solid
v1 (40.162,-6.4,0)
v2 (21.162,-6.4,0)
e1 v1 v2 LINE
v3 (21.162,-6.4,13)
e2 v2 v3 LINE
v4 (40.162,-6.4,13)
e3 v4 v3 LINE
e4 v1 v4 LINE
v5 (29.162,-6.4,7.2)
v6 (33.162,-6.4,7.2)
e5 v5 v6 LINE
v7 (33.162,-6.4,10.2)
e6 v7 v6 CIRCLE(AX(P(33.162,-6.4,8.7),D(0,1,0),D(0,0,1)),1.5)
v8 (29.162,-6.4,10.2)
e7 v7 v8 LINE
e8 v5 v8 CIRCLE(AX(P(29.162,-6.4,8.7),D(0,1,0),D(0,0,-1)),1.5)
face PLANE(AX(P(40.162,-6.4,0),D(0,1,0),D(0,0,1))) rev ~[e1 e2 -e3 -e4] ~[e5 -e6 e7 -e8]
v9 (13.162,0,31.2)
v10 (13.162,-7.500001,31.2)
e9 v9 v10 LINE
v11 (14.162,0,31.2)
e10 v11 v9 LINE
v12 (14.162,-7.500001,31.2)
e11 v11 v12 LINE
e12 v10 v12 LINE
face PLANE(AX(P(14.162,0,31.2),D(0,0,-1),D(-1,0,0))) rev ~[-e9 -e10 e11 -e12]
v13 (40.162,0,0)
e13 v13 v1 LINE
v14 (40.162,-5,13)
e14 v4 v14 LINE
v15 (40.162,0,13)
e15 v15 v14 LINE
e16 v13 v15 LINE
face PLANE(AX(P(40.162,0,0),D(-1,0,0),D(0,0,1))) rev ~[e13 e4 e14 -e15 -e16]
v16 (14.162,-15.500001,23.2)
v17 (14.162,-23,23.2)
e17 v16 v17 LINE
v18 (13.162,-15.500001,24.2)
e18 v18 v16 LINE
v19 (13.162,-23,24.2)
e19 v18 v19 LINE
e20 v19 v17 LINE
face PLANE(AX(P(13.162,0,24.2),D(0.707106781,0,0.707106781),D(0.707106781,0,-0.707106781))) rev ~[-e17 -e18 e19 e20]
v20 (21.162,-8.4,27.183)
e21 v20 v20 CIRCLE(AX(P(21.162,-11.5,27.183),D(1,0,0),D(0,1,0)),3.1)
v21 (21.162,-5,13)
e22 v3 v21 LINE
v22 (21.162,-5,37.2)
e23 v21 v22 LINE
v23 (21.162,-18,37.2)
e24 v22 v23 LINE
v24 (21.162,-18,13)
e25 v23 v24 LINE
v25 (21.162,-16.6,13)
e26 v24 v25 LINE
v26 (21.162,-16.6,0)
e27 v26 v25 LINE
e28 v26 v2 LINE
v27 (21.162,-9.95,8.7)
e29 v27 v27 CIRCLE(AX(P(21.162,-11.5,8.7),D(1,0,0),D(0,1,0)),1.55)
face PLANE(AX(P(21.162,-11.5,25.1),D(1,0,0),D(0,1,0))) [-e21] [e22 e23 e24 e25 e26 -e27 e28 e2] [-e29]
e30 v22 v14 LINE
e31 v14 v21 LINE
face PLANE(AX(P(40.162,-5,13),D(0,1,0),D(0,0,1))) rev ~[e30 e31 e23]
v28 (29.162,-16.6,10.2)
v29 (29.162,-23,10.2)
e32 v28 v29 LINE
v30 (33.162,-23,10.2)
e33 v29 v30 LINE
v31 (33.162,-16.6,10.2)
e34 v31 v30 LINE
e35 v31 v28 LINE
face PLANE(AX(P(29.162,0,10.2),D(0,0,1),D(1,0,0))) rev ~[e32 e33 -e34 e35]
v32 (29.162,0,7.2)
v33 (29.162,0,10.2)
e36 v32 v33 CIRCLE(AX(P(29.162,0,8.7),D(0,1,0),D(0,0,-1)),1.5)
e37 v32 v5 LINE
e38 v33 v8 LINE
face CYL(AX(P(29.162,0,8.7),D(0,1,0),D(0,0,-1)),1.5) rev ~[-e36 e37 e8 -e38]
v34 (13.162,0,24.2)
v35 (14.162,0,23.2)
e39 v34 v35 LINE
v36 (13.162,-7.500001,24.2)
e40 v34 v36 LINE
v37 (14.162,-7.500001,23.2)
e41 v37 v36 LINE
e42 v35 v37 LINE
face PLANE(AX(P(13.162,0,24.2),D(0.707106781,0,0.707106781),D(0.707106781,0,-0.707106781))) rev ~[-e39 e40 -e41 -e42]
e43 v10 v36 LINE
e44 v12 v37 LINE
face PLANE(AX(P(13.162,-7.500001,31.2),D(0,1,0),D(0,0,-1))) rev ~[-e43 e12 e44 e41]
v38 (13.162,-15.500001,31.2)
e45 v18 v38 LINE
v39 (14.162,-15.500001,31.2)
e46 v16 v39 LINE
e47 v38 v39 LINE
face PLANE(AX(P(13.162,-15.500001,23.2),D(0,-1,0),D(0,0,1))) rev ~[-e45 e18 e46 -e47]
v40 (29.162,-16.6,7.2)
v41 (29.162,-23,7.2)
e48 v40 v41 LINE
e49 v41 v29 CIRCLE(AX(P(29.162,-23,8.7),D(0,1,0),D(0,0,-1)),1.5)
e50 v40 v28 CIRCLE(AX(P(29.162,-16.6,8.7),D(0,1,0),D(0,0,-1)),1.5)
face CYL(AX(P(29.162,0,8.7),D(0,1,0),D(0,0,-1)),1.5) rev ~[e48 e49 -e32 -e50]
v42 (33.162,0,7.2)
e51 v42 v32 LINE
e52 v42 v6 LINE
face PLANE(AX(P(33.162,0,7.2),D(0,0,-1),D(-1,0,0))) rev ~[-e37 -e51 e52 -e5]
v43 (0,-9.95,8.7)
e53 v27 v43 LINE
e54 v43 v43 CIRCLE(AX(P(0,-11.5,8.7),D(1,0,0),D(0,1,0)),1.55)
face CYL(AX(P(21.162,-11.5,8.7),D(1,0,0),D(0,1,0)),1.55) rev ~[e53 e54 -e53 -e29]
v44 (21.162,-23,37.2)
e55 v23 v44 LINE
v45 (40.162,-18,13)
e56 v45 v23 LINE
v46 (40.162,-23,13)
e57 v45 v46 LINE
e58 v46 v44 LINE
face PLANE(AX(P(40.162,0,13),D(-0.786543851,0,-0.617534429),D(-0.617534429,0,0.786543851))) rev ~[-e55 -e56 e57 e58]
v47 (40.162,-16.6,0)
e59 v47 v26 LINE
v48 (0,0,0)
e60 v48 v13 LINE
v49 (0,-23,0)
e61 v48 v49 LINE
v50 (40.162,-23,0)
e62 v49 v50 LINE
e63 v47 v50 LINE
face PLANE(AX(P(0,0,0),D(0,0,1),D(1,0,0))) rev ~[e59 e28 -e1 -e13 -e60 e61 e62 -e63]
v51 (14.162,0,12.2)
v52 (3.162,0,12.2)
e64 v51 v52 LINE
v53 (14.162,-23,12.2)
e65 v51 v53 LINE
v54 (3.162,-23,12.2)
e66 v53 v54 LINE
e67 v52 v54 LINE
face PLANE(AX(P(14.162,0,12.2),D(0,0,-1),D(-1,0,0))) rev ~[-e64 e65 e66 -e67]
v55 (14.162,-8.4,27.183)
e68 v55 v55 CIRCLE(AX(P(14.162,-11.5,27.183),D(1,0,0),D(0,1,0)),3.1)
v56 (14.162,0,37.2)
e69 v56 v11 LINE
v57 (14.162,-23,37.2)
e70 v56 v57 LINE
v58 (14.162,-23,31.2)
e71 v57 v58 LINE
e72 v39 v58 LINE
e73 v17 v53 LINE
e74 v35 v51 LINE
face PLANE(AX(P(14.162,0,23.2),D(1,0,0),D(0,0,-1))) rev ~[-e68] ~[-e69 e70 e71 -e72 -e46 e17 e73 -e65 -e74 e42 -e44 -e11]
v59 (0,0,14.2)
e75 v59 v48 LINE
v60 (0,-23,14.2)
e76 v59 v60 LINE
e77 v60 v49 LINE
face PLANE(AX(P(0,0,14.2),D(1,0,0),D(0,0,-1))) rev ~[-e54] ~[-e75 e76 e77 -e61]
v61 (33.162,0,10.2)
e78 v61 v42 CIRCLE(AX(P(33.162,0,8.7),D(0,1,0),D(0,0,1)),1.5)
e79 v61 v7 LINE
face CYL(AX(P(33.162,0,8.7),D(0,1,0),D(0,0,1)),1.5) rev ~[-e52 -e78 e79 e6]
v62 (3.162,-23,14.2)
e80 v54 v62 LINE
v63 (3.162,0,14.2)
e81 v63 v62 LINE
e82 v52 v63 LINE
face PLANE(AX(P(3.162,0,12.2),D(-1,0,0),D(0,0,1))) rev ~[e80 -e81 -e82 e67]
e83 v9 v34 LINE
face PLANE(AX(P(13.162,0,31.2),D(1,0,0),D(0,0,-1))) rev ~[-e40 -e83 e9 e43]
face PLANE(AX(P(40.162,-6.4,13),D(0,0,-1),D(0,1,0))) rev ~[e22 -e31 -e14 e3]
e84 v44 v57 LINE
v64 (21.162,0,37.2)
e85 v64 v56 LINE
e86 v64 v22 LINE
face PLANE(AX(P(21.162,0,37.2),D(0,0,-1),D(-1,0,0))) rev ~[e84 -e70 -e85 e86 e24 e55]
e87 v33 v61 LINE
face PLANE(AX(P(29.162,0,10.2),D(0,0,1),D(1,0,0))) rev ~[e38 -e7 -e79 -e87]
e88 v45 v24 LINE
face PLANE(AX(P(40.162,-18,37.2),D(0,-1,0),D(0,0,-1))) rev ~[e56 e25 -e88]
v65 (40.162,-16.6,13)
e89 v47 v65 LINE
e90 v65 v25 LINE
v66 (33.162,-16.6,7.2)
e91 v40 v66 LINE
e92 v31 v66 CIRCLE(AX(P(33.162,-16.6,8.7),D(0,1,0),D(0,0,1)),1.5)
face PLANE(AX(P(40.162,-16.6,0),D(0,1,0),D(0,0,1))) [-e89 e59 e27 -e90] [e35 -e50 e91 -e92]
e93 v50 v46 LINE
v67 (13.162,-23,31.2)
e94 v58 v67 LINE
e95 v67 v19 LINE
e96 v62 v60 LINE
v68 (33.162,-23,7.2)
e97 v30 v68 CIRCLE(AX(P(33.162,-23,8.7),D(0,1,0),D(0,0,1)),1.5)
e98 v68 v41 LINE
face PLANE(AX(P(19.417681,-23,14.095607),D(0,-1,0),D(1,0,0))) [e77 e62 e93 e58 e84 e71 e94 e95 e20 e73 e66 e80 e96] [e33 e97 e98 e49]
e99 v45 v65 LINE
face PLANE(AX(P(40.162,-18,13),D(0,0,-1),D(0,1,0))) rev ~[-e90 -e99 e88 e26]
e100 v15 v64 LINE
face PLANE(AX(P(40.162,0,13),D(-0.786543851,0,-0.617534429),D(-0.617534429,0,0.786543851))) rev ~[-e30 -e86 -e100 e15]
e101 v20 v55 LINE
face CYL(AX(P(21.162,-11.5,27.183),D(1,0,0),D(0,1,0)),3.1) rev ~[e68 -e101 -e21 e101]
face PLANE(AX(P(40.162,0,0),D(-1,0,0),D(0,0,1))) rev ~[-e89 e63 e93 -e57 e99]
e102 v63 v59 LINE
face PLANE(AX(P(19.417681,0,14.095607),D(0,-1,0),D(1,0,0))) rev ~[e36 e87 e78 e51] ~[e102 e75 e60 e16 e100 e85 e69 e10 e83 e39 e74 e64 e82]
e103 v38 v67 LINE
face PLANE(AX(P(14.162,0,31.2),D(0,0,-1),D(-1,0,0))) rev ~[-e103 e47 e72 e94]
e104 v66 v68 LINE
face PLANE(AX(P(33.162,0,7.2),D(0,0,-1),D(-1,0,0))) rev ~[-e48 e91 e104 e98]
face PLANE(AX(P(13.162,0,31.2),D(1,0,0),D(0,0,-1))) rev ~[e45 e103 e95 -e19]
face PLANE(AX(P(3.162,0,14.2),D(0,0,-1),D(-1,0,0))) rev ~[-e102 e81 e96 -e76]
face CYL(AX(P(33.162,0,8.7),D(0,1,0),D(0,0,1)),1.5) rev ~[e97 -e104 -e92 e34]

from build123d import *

# Parameters (mm, degrees)
F1_DEPTH = 23
F2_W     = 10.2
F2_H     = 13
F3_DEPTH = 19
F4_R     = 3.1
F5_DEPTH = 8
F7_DEPTH = 1
F8_R     = 1.55
F9_DEPTH = 21.162


with BuildPart() as f1:
    # F0 (on Front) → F1 (new body)
    with BuildSketch(Plane.XZ):
        Polygon((0, 14.2), (0, 0), (40.162, 0), (40.162, 13), (21.162, 37.2), (14.162, 37.2), (14.162, 31.2), (13.162, 31.2), (13.162, 24.2), (14.162, 23.2), (14.162, 12.2), (3.162, 12.2), (3.162, 14.2), align=None)
        with BuildLine():
            ThreePointArc((33.162, 10.2), (34.662, 8.7), (33.162, 7.2))
            Line((33.162, 7.2), (29.162, 7.2))
            ThreePointArc((29.162, 7.2), (27.662, 8.7), (29.162, 10.2))
            Line((29.162, 10.2), (33.162, 10.2))
        make_face(mode=Mode.SUBTRACT)
    extrude(amount=F1_DEPTH)

    # F2 (on face) → F3 (cut)
    with BuildSketch(Plane.YZ.offset(40.162)):
        Polygon((-18, 13), (-16.6, 13), (-6.4, 13), (-5, 13), (-5, 37.2), (-18, 37.2), align=None)
        with Locations((-11.5, 6.5)):
            Rectangle(F2_W, F2_H)
    extrude(amount=-F3_DEPTH, mode=Mode.SUBTRACT)

    # F4 (on face) → F5 (cut, through all)
    with BuildSketch(Plane.YZ.offset(21.162)):
        with Locations((-11.5, 27.183)):
            Circle(F4_R)
    extrude(amount=-F5_DEPTH, mode=Mode.SUBTRACT)

    # F6 (on face) → F7 (cut, through all)
    with BuildSketch(Plane(origin=(13.162, 0, 0), x_dir=(0, -1, 0), z_dir=(-1, 0, 0))):
        with BuildLine():
            Line((15.5000005274, 31.2), (7.5000005274, 31.2))
            Line((7.5000005274, 31.2), (7.5000005274, 24.2))
            Line((7.5000005274, 24.2), (10.6563703419, 24.2))
            ThreePointArc((10.6563703419, 24.2), (9.0276274613, 25.3128732583), (8.4, 27.183))
            ThreePointArc((8.4, 27.183), (13.3701267417, 29.6553725387), (12.3436296581, 24.2))
            Line((12.3436296581, 24.2), (15.5000005274, 24.2))
            Line((15.5000005274, 24.2), (15.5000005274, 31.2))
        make_face()
        with BuildLine():
            Line((10.6563703419, 24.2), (7.5000005274, 24.2))
            Line((7.5000005274, 24.2), (7.5000005274, 23.2))
            Line((7.5000005274, 23.2), (15.5000005274, 23.2))
            Line((15.5000005274, 23.2), (15.5000005274, 24.2))
            Line((15.5000005274, 24.2), (12.3436296581, 24.2))
            ThreePointArc((12.3436296581, 24.2), (13.3701267417, 29.6553725387), (8.4, 27.183))
            ThreePointArc((8.4, 27.183), (9.0276274613, 25.3128732583), (10.6563703419, 24.2))
        make_face()
    extrude(amount=-F7_DEPTH, mode=Mode.SUBTRACT)

    # F8 (on face) → F9 (cut, through all)
    with BuildSketch(Plane.YZ.offset(21.162)):
        with Locations((-11.5, 8.7000000016)):
            Circle(F8_R)
    extrude(amount=-F9_DEPTH, mode=Mode.SUBTRACT)


solid = f1.part
